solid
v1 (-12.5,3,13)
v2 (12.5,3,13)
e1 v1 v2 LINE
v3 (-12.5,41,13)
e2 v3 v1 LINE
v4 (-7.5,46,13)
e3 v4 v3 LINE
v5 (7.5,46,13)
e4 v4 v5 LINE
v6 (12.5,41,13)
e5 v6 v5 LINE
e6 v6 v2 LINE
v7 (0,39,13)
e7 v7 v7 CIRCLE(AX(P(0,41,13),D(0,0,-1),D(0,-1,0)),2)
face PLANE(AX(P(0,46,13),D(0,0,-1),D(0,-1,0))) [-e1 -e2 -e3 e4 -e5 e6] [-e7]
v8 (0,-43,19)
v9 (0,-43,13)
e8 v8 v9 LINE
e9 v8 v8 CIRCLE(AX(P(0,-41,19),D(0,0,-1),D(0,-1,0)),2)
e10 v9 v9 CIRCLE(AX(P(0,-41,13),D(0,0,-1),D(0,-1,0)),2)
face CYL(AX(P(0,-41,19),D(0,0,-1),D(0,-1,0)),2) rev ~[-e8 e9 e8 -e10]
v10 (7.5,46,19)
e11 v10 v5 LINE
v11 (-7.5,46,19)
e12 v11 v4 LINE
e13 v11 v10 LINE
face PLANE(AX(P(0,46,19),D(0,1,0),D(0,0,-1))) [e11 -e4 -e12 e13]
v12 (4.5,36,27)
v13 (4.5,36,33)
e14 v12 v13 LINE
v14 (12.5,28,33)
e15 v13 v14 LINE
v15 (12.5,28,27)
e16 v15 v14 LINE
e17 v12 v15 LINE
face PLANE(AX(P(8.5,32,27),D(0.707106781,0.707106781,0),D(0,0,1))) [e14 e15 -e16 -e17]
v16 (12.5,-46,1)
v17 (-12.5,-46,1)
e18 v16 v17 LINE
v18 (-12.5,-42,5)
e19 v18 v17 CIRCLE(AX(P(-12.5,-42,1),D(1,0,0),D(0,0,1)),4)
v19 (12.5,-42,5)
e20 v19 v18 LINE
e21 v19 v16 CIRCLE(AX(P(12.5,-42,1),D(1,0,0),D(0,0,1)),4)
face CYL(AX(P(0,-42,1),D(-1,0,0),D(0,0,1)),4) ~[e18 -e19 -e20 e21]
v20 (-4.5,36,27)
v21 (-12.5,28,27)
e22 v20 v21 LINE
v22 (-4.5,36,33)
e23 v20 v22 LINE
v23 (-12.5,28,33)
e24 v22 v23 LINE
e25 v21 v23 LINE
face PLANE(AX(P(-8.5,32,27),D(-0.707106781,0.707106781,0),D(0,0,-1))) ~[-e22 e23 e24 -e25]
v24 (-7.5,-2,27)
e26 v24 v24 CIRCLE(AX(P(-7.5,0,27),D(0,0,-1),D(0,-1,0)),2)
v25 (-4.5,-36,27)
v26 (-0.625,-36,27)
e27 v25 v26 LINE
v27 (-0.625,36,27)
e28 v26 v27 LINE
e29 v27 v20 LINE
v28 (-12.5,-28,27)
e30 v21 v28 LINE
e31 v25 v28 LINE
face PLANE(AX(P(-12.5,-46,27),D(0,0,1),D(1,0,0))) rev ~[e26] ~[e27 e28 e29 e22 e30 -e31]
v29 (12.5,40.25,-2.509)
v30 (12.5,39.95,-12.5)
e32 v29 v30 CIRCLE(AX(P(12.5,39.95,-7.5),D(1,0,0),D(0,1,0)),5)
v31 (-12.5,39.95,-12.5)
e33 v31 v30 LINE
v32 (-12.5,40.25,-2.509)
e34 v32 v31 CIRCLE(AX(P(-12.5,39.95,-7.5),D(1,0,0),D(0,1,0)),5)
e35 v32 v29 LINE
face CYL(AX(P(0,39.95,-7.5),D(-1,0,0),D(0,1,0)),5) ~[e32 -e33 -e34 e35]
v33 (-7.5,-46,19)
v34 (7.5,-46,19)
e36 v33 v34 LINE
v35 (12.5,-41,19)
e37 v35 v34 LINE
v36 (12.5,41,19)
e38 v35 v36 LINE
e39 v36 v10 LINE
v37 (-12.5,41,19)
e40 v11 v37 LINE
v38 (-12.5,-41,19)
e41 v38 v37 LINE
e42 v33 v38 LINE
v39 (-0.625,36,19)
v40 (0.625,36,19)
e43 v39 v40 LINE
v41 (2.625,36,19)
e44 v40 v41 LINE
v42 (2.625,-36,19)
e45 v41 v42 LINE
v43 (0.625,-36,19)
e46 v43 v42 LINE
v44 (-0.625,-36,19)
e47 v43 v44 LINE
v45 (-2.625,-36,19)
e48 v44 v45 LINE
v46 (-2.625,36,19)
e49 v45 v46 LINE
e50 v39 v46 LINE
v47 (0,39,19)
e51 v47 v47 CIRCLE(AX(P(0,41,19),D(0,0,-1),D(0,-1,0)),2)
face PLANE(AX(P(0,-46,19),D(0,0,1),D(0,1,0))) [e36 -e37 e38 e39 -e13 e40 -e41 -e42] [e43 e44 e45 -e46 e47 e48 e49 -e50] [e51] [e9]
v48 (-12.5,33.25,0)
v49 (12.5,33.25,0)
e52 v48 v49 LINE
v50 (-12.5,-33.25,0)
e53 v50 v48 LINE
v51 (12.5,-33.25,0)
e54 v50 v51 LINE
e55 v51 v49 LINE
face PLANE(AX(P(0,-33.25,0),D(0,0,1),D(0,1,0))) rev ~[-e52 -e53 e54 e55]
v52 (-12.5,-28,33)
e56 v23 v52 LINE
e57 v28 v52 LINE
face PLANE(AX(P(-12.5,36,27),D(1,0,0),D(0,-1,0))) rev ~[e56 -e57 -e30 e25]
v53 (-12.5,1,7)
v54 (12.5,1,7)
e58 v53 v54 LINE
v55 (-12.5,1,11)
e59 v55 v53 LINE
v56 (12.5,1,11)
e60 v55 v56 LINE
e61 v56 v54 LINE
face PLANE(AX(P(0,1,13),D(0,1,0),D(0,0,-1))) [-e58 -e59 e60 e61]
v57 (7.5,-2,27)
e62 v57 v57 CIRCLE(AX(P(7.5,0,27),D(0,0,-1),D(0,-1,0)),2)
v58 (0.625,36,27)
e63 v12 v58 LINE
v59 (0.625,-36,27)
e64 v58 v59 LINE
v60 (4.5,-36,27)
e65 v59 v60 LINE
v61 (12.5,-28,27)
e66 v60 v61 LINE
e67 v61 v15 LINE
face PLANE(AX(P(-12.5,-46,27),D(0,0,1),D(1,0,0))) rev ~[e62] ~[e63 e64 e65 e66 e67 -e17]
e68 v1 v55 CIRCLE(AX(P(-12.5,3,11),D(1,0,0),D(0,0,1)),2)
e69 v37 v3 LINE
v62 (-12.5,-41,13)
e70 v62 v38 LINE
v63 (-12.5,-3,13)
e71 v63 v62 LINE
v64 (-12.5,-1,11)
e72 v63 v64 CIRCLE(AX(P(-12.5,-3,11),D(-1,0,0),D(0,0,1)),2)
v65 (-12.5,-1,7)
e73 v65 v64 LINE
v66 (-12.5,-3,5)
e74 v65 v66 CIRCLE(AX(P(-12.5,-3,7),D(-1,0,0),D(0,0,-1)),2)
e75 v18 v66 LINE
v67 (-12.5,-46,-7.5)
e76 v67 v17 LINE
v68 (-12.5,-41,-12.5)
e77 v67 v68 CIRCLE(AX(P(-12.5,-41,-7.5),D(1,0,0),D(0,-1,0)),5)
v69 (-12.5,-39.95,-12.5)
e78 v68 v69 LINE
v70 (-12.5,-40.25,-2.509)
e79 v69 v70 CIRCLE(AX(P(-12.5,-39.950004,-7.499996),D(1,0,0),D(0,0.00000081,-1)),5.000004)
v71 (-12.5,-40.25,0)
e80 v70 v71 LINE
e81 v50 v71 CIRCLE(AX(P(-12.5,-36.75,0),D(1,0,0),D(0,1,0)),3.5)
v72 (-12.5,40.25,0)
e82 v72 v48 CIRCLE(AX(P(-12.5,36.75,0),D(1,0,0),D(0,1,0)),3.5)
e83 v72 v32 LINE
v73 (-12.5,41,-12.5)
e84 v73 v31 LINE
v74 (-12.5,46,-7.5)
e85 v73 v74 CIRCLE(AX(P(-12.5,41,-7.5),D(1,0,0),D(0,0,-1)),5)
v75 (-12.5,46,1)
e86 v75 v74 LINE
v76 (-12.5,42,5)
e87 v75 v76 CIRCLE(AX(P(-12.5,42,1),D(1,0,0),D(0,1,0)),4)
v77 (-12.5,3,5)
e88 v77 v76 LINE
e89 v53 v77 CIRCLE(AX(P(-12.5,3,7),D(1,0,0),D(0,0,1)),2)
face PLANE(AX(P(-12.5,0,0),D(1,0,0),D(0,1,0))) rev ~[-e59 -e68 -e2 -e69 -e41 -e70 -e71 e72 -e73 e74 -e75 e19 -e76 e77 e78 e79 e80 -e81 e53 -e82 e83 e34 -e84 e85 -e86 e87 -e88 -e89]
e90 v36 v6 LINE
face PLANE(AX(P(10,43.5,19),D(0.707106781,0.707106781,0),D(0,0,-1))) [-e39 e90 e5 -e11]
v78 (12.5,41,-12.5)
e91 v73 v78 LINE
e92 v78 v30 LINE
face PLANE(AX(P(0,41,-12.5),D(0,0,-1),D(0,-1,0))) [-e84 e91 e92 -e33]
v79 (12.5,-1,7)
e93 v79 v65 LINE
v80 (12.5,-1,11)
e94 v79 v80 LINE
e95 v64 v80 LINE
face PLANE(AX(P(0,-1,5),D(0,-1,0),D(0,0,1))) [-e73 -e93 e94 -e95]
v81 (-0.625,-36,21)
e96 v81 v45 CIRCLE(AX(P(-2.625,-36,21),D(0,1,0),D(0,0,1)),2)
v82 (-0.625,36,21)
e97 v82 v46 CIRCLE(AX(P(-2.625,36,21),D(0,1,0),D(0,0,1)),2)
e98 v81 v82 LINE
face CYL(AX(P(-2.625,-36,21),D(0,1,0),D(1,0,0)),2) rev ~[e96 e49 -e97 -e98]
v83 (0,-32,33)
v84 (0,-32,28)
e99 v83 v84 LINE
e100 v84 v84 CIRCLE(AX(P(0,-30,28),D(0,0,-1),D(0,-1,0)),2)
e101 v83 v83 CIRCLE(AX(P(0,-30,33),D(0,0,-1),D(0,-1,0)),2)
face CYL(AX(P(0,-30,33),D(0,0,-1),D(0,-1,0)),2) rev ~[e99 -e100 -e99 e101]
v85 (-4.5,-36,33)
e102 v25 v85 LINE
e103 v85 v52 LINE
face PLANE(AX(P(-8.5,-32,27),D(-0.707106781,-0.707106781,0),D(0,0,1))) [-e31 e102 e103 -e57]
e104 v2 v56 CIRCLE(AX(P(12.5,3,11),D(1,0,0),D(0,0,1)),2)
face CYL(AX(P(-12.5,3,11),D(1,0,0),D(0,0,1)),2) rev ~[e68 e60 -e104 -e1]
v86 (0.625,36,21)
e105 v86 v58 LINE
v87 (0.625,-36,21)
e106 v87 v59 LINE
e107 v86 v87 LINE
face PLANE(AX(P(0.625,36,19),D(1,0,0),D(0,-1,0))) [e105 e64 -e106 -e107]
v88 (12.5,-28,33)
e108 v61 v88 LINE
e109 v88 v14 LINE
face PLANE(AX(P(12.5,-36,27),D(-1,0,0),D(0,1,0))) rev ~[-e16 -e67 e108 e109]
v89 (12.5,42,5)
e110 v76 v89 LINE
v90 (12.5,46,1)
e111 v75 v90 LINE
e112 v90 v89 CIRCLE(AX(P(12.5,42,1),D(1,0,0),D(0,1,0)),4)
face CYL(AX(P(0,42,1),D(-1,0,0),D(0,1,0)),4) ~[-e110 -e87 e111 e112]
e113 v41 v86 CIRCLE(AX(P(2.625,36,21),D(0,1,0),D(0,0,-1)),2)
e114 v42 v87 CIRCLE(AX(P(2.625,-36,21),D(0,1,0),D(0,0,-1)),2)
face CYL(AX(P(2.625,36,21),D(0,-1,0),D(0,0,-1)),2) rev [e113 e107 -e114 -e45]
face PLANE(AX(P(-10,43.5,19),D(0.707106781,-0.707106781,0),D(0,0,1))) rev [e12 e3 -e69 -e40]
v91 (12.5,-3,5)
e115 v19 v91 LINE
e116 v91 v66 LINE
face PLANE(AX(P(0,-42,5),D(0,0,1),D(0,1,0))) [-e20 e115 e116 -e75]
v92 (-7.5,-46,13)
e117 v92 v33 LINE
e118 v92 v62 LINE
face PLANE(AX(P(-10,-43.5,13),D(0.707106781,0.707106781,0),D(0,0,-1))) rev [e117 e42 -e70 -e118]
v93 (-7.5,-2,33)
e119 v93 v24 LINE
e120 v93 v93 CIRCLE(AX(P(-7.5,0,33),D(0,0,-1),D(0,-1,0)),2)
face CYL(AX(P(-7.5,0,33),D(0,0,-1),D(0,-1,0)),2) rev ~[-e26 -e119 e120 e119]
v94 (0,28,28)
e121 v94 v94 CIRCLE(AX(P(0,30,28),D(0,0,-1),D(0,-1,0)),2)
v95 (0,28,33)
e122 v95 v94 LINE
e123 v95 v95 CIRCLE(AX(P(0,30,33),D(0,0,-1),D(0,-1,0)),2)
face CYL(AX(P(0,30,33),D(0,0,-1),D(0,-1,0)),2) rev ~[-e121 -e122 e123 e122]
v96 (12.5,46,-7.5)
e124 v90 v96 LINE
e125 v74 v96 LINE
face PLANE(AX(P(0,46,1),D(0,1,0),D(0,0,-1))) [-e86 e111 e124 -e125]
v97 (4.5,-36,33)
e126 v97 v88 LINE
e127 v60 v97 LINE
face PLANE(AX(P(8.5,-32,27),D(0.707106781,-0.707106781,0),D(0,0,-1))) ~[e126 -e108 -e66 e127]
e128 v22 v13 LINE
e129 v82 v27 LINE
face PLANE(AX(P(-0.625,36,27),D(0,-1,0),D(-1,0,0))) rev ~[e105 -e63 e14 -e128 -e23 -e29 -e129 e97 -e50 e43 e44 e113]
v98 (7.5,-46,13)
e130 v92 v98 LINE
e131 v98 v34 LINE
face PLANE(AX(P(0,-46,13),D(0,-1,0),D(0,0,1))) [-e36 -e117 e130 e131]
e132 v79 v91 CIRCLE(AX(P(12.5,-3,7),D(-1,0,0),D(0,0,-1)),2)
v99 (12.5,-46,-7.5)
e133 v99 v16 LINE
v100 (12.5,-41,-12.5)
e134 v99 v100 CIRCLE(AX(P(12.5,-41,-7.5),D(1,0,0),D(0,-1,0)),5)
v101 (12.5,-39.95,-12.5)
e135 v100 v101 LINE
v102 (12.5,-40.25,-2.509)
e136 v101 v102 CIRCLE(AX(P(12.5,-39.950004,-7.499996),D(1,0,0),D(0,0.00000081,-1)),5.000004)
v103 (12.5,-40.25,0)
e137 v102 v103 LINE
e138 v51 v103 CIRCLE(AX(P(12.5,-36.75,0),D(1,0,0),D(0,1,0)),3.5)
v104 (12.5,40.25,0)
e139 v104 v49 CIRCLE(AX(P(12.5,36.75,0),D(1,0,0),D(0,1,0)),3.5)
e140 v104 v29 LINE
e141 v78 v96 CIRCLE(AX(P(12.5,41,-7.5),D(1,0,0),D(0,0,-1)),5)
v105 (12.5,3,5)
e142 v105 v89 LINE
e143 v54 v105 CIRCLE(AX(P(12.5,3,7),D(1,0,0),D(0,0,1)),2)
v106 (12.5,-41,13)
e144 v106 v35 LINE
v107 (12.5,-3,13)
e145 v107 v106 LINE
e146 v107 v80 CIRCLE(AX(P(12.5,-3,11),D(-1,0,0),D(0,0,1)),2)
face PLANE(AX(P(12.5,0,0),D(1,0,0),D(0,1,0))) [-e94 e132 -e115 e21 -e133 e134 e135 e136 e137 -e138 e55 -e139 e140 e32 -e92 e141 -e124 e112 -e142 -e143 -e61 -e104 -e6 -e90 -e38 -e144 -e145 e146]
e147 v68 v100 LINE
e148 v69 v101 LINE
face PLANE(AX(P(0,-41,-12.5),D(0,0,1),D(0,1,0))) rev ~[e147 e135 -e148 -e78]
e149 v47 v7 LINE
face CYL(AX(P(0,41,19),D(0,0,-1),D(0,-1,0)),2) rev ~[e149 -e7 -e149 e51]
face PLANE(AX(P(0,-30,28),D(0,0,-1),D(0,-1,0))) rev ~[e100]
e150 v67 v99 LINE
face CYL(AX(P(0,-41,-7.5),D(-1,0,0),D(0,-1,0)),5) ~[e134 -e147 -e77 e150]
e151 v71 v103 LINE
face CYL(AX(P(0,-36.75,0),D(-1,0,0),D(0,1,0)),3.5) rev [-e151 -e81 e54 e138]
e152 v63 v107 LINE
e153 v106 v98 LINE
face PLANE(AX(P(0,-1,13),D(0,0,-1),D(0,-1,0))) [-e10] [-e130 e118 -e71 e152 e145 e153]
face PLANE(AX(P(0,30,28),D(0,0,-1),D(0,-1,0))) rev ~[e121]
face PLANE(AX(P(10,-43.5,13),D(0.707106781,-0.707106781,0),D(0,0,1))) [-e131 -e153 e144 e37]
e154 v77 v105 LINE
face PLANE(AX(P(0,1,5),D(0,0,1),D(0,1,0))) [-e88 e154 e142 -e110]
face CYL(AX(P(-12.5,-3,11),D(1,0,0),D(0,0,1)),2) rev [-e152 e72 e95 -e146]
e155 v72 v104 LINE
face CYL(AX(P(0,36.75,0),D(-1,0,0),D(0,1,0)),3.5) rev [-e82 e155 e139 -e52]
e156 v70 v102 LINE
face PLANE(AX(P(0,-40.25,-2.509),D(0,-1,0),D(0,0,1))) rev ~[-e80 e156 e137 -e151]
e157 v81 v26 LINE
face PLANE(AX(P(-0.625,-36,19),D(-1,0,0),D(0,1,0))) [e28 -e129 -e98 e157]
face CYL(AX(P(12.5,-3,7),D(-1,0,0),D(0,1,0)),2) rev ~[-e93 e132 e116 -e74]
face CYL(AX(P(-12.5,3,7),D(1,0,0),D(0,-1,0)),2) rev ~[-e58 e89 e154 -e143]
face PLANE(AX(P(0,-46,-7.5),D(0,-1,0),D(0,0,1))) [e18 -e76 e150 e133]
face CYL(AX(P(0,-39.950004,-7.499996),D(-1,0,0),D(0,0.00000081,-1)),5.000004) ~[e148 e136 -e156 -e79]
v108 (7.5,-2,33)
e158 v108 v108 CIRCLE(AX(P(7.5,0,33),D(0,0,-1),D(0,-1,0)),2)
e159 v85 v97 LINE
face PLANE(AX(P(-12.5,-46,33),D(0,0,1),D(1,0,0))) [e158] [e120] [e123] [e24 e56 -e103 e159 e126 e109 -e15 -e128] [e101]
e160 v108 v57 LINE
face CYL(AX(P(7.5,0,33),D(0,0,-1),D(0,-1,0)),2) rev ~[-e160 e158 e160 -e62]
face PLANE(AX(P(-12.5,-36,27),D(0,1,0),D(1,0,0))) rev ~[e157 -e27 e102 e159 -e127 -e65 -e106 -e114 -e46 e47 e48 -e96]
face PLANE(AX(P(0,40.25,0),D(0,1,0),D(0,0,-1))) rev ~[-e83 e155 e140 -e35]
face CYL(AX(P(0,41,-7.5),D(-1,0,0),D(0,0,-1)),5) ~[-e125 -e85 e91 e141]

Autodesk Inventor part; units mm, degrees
ref_plane "YZ Plane" through (0, 0, 0) normal (1, 0, 0) x (0, 1, 0)
ref_plane "XZ Plane" through (0, 0, 0) normal (0, 1, 0) x (-1, 0, 0)
ref_plane "XY Plane" through (0, 0, 0) normal (0, 0, 1) x (1, 0, 0)
sketch "Sketch1" plane through (0, 0, 0) normal (1, 0, 0) x (0, 1, 0)
  line L0 (-46, -7.5) -> (-46, 1)
  line L1 (-42, 5) -> (42, 5)
  line L2 (46, 1) -> (46, -7.5)
  line L3 (-41, -12.5) -> (-39.95, -12.5)
  line L4 (-40.25, -2.509) -> (-40.25, 0)
  line L5 (-40.25, 0) -> (40.25, 0)
  line L6 (-1, 5) -> (-1, 13)
  line L7 (-1, 13) -> (1, 13)
  line L8 (1, 13) -> (1, 5)
  line L9 (-46, 19) -> (46, 19)
  line L10 (46, 19) -> (46, 13)
  line L11 (46, 13) -> (-46, 13)
  line L12 (-46, 13) -> (-46, 19)
  arc A0 (46, 1) -> (42, 5) centre (42, 1) ccw
  arc A1 (-42, 5) -> (-46, 1) centre (-42, 1) ccw
  arc A2 (40.25, 0) -> (33.25, 0) centre (36.75, 0) ccw
  arc A3 (-33.25, 0) -> (-40.25, 0) centre (-36.75, 0) ccw
  line L13 (40.25, 0) -> (40.25, -2.509)
  arc A4 (-39.95, -12.5) -> (-40.25, -2.509) centre (-39.95, -7.5) ccw
  arc A5 (-46, -7.5) -> (-41, -12.5) centre (-41, -7.5) ccw
  circle A6 centre (39.95, -7.5) radius 5
  line L14 (41, -12.5) -> (39.95, -12.5)
  arc A7 (41, -12.5) -> (46, -7.5) centre (41, -7.5) ccw
  point P0 (0, 0)
  point P1 (-46, -12.5)
  point P2 (-46, 5)
  point P3 (46, 5)
  point P4 (46, -12.5)
  point P5 (0, 5)
  point P6 (0, 0)
  point P7 (0, 13)
  point P8 (1, 13)
  point P9 (-1, 13)
  point P10 (-40.25, -1.2545)
  point P11 (40.25, -1.2545)
  point P12 (40.25, -2.509)
  dimension "d71" = 10
  dimension "d2" = 80.5
  dimension "d10" = 92
  dimension "d11" = 5
  dimension "d13" = 2
  dimension "d14" = 8
  dimension "d15" = 6
  dimension "d52" = 4
  dimension "d53" = 7
  dimension "d54" = 7
  dimension "d67" = 10
  dimension "d68" = 7.5
  dimension "d69" = 0.3
  dimension "d70" = 5
  dimension "d72" = 0.3
  dimension "d73" = 5
extrude "Extrusion1" add sketch "Sketch1" along normal mid plane 25 contours L0 A1 L1 A0 L2 A7 L14 A6 L13 A2 L5 A3 L4 A4 L3 A5 | L6 L7 L8 L1 | L11 L12 L9 L10 L7 | A6
sketch "Sketch2" plane through (-12.5, -46, 19) normal (0, 0, 1) x (1, 0, 0)
  line L0 (0, 0) -> (25, 0) projected
  line L1 (25, 92) -> (25, 0) projected
  line L2 (0, 92) -> (25, 92) projected
  line L3 (0, 0) -> (0, 92) projected
  line L4 (13.125, 10) -> (11.875, 10)
  line L5 (11.875, 10) -> (11.875, 82)
  line L6 (11.875, 82) -> (13.125, 82)
  line L7 (13.125, 82) -> (13.125, 10)
  line L8 (13.125, 10) -> (11.875, 82) construction
  line L9 (11.875, 10) -> (13.125, 82) construction
  point P0 (12.5, 46)
  point P1 (20.75, 0)
  point P2 (20.75, 50)
  point P3 (19.25, 50)
  point P4 (19.25, 0)
  point P5 (12.5, 10)
  dimension "d16" = 1.25
  dimension "d19" = 10
extrude "Extrusion2" add sketch "Sketch2" along normal blind 8 contours L4 L5 L6 L7
sketch "Sketch3" plane through (-12.5, -46, 19) normal (0, 0, 1) x (1, 0, 0)
  line L0 (13.125, 82) -> (13.125, 10) projected
  line L1 (13.125, 10) -> (11.875, 10) projected
  line L2 (11.875, 10) -> (11.875, 82) projected
  line L3 (11.875, 82) -> (13.125, 82) projected
  line L4 (0, 0) -> (25, 0) projected
  line L5 (25, 92) -> (25, 0) projected
  line L6 (0, 92) -> (25, 92) projected
  line L7 (0, 0) -> (0, 92) projected
  line L8 (13.125, 10) -> (11.875, 10) projected
  line L9 (12.5, 10) -> (12.5, 0)
  line L10 (11.875, 82) -> (13.125, 82) projected
  line L11 (12.5, 82) -> (12.5, 92)
  point P0 (12.5, 46)
  point P1 (12.5, 5)
  point P2 (12.5, 87)
hole "Hole1" at (0, -41, 19) at (0, 41, 19) direction (0, 0, -1) diameter 4 depth 8 tip angle 118
sketch "Sketch4" plane through (-12.5, -46, 27) normal (0, 0, 1) x (1, 0, 0)
  line L0 (0, 10) -> (25, 10)
  line L1 (25, 10) -> (25, 82)
  line L2 (25, 82) -> (0, 82)
  line L3 (0, 82) -> (0, 10)
  line L4 (0, 10) -> (25, 82) construction
  line L5 (25, 10) -> (0, 82) construction
  line L6 (13.125, 82) -> (11.875, 82) projected
  line L7 (0, 0) -> (0, 92) projected
  point P0 (12.5, 46)
  point P1 (12.5, 82)
  point P2 (0, 46)
extrude "Extrusion3" add sketch "Sketch4" along normal blind 6
sketch "Sketch5" plane through (-12.5, -46, 33) normal (0, 0, 1) x (1, 0, 0)
  line L0 (25, 82) -> (0, 82) projected
  line L1 (0, 82) -> (0, 10) projected
  line L2 (0, 10) -> (25, 10) projected
  line L3 (25, 10) -> (25, 82) projected
  line L4 (5, 46) -> (20, 46)
  point P0 (12.5, 46)
  point P1 (12.5, 46)
  dimension "d29" = 5
hole "Hole2" at (-7.5, 0, 33) at (7.5, 0, 33) direction (0, 0, -1) diameter 4 depth 8 tip angle 118
sketch "Sketch6" plane through (-12.5, -46, 33) normal (0, 0, 1) x (1, 0, 0)
  circle A0 centre (5, 46) radius 2 projected
  circle A1 centre (20, 46) radius 2 projected
  line L0 (25, 82) -> (0, 82) projected
  line L1 (0, 82) -> (0, 10) projected
  line L2 (0, 10) -> (25, 10) projected
  line L3 (25, 10) -> (25, 82) projected
  line L4 (12.5, 16) -> (12.5, 76)
  point P0 (12.5, 46)
  point P1 (12.5, 46)
  point P2 (12.5, 46)
  dimension "d38" = 60
hole "Hole3" at (0, -30, 33) at (0, 30, 33) direction (0, 0, -1) diameter 4 depth 5
chamfer "Chamfer1" distance 5 angle 45 4 edges at (-12.5, -46, 16) (-12.5, 46, 16) (12.5, -46, 16) (12.5, 46, 16)
chamfer "Chamfer2" distance 8 angle 45 4 edges at (12.5, 36, 30) (12.5, -36, 30) (-12.5, -36, 30) (-12.5, 36, 30)
fillet "Fillet1" radius 2 6 edges at (0.625, 0, 19) (-0.625, 0, 19) (0, -1, 5) (0, 1, 5) (0, -1, 13) (0, 1, 13)
equation "\"d72\" = d69"
properties part number "Rail-FlextureBase" material "ABS Plastic"
